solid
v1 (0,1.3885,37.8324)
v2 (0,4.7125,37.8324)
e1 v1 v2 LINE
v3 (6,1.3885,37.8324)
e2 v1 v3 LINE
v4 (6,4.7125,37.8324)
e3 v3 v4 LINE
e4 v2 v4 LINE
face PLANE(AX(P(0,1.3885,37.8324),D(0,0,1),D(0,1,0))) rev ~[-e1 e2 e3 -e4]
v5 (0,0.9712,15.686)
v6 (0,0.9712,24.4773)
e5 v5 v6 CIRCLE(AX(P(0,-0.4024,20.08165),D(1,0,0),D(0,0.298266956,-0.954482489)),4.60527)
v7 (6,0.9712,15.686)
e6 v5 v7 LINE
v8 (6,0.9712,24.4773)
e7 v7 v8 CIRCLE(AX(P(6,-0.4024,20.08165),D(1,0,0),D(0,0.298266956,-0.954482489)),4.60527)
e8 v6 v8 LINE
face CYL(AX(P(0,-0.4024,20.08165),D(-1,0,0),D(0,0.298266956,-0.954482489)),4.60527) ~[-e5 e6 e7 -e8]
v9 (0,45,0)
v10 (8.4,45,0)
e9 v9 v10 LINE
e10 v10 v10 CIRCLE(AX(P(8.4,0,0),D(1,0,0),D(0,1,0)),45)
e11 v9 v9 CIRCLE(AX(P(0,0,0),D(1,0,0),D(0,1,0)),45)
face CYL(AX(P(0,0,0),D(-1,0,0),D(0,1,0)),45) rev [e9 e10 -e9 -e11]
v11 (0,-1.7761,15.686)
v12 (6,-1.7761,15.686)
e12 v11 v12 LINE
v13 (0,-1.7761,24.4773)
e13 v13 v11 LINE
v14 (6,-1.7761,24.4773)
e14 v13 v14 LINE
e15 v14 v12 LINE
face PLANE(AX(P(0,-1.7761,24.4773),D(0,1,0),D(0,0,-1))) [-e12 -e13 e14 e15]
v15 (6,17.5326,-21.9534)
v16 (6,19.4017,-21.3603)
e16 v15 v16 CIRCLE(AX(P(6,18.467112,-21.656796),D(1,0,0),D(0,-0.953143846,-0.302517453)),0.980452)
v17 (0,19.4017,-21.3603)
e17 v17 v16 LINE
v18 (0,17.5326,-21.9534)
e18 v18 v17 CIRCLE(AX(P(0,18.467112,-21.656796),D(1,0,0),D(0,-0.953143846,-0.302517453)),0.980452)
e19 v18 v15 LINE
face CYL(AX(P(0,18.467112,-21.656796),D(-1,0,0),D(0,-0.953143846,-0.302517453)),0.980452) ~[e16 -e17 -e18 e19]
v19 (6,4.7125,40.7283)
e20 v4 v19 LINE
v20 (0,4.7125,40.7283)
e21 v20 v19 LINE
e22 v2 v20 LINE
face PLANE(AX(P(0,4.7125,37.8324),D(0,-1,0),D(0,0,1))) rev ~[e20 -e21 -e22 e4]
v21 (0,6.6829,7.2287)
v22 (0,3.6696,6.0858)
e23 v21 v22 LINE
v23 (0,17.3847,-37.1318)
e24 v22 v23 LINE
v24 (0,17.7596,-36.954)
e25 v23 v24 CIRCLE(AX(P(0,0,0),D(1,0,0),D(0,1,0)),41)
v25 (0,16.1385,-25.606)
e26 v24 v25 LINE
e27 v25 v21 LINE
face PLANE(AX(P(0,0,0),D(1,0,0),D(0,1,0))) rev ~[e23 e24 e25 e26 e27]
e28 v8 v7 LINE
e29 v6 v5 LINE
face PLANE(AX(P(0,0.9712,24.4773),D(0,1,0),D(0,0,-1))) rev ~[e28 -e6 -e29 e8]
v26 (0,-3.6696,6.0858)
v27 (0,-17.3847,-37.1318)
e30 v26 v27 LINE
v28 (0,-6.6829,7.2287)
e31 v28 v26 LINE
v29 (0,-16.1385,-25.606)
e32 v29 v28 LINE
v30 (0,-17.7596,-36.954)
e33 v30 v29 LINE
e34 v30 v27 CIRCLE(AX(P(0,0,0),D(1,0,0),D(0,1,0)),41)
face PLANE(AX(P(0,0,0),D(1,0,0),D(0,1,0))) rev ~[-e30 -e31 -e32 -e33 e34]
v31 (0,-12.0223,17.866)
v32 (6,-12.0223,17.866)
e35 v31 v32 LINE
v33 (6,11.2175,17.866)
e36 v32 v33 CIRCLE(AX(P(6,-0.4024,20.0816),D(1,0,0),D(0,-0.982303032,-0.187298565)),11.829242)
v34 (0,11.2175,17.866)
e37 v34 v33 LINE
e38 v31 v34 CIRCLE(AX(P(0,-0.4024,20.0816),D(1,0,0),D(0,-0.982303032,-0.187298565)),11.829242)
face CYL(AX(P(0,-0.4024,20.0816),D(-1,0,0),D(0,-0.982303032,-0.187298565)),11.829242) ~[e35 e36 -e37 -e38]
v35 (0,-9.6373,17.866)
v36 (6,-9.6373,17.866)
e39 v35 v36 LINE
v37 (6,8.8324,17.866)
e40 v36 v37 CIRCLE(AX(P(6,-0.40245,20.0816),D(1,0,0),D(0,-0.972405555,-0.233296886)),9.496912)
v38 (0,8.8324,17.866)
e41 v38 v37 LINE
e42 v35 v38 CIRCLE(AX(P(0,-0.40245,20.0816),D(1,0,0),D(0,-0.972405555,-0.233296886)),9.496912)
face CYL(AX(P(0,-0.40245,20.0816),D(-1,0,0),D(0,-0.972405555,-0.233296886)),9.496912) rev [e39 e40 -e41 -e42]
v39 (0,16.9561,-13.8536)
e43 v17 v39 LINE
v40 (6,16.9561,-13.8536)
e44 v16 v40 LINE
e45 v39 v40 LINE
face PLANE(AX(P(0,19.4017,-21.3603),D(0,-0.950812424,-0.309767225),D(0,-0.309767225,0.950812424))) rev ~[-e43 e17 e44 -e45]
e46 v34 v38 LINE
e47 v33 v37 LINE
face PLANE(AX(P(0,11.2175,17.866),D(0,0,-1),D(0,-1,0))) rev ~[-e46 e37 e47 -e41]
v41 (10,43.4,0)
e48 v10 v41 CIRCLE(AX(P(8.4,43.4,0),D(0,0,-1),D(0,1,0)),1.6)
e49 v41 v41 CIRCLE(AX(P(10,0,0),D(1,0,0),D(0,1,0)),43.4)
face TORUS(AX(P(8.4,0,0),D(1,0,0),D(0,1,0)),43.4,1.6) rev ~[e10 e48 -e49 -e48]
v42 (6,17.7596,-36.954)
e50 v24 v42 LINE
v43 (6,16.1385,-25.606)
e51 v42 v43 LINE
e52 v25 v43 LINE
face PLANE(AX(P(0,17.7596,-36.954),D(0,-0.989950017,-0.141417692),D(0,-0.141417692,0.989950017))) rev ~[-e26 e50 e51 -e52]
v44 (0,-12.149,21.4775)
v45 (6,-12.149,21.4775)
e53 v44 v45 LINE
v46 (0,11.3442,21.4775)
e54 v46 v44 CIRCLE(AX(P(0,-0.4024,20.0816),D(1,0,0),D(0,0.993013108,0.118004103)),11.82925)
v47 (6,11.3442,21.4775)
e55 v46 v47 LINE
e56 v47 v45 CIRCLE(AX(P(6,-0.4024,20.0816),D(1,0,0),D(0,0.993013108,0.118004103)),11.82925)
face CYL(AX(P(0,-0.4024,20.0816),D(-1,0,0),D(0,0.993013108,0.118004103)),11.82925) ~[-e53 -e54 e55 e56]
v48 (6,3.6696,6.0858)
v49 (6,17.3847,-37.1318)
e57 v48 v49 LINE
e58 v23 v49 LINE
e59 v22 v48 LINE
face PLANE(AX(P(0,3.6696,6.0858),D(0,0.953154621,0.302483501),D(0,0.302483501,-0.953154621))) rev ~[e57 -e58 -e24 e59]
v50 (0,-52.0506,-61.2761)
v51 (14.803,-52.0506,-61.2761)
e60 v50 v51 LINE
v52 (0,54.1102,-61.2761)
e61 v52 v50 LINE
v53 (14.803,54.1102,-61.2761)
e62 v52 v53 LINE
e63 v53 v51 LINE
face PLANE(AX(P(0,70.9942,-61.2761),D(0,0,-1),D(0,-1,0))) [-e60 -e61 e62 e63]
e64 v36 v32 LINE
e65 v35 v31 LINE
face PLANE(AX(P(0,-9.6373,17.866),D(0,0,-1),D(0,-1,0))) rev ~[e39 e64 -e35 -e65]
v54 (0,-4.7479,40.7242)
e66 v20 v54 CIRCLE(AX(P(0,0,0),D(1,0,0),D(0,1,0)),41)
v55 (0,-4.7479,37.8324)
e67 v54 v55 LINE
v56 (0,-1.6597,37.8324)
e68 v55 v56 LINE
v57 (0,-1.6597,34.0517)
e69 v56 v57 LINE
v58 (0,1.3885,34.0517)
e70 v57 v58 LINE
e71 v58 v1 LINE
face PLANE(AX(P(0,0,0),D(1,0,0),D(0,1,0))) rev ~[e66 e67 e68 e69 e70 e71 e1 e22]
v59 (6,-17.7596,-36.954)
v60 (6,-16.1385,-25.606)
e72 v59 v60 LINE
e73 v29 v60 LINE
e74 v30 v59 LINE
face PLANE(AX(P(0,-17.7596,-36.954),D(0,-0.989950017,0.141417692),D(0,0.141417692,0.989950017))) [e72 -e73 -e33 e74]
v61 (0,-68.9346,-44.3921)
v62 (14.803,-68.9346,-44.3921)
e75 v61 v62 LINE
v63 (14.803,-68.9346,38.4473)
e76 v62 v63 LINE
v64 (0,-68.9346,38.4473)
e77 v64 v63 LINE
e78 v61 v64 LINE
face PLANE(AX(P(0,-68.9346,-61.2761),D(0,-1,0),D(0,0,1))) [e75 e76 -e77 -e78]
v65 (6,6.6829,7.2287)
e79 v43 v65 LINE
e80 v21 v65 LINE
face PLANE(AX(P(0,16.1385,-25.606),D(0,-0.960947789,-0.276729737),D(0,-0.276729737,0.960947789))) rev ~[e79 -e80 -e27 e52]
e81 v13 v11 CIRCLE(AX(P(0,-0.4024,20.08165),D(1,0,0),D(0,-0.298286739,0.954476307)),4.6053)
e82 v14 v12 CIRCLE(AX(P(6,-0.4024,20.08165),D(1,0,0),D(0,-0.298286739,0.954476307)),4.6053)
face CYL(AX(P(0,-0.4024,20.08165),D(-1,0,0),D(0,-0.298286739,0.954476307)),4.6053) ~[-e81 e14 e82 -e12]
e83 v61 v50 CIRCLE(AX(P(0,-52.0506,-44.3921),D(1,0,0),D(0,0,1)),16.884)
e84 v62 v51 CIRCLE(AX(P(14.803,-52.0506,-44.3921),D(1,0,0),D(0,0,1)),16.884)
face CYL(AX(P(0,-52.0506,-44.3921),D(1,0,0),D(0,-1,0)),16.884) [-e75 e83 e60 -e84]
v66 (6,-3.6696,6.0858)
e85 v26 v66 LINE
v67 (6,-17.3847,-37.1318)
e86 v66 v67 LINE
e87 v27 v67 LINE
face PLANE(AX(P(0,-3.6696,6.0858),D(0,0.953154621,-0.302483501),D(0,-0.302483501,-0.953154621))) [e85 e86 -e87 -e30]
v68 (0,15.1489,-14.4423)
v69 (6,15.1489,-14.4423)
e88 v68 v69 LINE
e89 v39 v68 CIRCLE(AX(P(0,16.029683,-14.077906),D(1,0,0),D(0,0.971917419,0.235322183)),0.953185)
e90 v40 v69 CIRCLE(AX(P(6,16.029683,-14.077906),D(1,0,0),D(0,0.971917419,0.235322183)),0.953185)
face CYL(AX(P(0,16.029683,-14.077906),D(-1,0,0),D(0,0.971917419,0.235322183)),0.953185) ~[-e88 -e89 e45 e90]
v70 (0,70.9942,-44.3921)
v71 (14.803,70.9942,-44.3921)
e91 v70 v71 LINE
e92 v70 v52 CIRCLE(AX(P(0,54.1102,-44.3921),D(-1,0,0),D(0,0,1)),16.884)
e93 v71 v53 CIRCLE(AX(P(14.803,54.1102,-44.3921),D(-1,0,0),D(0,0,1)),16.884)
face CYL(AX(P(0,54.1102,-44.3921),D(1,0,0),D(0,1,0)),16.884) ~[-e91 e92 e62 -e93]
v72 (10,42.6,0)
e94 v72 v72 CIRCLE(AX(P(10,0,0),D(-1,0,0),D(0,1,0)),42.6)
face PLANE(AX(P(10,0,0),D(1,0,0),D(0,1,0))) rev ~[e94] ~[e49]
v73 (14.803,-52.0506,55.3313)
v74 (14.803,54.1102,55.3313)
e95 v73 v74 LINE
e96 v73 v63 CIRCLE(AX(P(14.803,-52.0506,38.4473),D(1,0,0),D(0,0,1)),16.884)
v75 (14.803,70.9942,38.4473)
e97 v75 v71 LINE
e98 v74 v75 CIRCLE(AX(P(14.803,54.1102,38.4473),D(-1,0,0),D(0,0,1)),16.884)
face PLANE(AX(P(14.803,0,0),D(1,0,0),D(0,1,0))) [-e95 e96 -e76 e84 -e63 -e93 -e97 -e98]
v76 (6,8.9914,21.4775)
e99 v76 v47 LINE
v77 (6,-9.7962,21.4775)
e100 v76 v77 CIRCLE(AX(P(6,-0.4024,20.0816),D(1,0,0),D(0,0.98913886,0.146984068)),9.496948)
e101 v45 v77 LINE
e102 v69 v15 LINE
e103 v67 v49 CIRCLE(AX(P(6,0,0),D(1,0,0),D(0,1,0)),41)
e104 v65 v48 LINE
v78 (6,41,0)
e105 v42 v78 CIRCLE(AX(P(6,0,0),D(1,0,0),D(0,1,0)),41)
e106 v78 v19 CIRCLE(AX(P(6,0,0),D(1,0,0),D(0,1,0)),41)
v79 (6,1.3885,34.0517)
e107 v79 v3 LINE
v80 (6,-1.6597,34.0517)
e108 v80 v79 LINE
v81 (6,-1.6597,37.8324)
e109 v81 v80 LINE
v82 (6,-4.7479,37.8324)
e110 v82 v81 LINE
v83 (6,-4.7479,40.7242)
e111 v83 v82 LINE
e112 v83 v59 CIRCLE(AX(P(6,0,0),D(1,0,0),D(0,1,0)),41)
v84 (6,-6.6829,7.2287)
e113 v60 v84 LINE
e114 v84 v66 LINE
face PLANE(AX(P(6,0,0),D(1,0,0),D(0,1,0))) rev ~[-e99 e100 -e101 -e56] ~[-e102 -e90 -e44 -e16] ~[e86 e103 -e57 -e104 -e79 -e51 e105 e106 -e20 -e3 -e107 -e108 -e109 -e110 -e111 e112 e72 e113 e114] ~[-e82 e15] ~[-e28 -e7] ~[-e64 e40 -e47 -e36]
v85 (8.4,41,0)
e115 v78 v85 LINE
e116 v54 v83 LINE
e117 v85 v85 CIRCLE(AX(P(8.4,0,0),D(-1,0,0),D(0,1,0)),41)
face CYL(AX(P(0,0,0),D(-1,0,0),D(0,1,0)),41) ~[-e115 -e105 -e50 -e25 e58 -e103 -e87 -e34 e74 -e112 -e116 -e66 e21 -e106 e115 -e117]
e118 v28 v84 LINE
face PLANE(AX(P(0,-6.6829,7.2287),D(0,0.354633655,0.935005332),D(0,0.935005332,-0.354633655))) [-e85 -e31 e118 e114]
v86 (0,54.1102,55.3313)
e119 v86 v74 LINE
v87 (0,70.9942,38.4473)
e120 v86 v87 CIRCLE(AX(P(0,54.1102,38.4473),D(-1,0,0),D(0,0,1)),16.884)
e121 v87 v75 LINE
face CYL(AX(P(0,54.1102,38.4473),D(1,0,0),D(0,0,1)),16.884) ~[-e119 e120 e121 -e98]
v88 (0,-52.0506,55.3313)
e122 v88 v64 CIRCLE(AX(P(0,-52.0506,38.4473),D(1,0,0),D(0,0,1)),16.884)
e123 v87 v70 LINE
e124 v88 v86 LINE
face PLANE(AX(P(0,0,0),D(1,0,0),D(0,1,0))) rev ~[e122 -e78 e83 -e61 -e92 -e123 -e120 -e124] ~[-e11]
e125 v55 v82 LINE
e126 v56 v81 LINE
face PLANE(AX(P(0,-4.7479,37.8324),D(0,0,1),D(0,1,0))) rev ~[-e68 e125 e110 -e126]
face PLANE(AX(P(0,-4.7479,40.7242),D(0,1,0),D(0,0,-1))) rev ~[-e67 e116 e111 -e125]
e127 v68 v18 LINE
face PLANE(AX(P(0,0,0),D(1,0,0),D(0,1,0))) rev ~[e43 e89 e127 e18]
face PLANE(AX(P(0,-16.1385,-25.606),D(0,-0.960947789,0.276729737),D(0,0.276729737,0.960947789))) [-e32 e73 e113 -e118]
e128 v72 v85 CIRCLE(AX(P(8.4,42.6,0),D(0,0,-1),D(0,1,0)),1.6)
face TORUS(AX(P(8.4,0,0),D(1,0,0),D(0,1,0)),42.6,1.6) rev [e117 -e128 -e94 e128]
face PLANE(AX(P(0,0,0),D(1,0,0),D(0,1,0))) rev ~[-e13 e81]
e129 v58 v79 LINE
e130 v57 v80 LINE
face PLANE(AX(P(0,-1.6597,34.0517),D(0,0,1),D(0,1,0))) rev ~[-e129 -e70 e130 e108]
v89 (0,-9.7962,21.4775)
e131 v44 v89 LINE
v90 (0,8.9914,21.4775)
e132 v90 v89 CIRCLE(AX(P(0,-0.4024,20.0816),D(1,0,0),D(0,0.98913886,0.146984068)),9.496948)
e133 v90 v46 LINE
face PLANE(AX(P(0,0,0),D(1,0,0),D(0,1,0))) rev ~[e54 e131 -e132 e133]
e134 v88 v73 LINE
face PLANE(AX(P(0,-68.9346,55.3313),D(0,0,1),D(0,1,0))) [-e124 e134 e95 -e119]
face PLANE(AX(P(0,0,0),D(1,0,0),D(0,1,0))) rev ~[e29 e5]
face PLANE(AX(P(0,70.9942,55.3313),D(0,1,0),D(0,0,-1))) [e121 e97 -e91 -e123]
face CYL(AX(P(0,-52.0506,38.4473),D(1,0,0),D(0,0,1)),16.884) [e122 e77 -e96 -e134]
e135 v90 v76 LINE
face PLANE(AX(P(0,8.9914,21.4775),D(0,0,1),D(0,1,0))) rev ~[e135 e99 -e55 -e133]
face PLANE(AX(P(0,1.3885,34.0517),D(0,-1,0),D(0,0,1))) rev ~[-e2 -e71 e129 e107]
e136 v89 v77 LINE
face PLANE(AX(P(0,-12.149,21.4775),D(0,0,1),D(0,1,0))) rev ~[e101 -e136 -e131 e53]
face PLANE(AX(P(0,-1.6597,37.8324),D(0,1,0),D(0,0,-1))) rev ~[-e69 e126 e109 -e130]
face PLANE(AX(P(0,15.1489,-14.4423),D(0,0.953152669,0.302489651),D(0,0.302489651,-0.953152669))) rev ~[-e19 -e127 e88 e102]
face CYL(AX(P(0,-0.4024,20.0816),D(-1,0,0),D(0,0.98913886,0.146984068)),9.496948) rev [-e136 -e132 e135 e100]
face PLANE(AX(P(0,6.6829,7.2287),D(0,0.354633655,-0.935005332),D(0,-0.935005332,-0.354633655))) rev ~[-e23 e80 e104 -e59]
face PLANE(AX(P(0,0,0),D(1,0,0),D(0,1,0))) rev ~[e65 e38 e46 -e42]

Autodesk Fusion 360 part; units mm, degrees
sketch "Sketch1" plane through (0, 0, 0) normal (1, 0, 0) x (0, 1, 0)
  circle A0 centre (0, 0) radius 45
  line L0 (-1.7761, 24.4773) -> (-1.7761, 15.686)
  line L1 (0.9712, 24.4773) -> (0.9712, 15.686)
  line L2 (-4.7479, 40.7242) -> (-4.7479, 37.8324)
  line L3 (-4.7479, 37.8324) -> (-1.6597, 37.8324)
  line L4 (-1.6597, 37.8324) -> (-1.6597, 34.0517)
  line L5 (-1.6597, 34.0517) -> (1.3885, 34.0517)
  line L6 (1.3885, 34.0517) -> (1.3885, 37.8324)
  line L7 (1.3885, 37.8324) -> (4.7125, 37.8324)
  line L8 (4.7125, 37.8324) -> (4.7125, 40.7283)
  line L9 (-6.6829, 7.2287) -> (-3.6696, 6.0858)
  line L10 (-3.6696, 6.0858) -> (-17.3847, -37.1318)
  line L11 (-17.7596, -36.954) -> (-16.1385, -25.606)
  line L12 (-16.1385, -25.606) -> (-6.6829, 7.2287)
  line L13 (0, 0) -> (0, -12.4098) construction
  line L14 (16.1385, -25.606) -> (6.6829, 7.2287)
  line L15 (3.6696, 6.0858) -> (17.3847, -37.1318)
  line L16 (6.6829, 7.2287) -> (3.6696, 6.0858)
  line L17 (17.7596, -36.954) -> (16.1385, -25.606)
  line L18 (15.1489, -14.4423) -> (17.5326, -21.9534)
  line L19 (19.4017, -21.3603) -> (16.9104, -13.7134)
  arc A1 (16.9561, -13.8536) -> (15.1489, -14.4423) centre (16.0297, -14.0779) ccw
  arc A2 (17.5326, -21.9534) -> (19.397, -21.346) centre (18.4671, -21.6568) ccw
  arc A3 (-9.6373, 17.866) -> (8.8324, 17.866) centre (-0.4024, 20.0816) ccw
  arc A4 (8.9914, 21.4775) -> (-9.7962, 21.4775) centre (-0.4024, 20.0816) ccw
  arc A5 (-12.0223, 17.866) -> (11.2175, 17.866) centre (-0.4024, 20.0816) ccw
  arc A6 (11.3442, 21.4775) -> (-12.149, 21.4775) centre (-0.4024, 20.0816) ccw
  line L20 (-12.149, 21.4775) -> (-9.7962, 21.4775)
  line L21 (-9.6373, 17.866) -> (-12.0223, 17.866)
  line L22 (11.2175, 17.866) -> (8.8324, 17.866)
  line L23 (8.9914, 21.4775) -> (11.3442, 21.4775)
  arc A7 (-1.7761, 24.4773) -> (-1.7761, 15.686) centre (-0.4024, 20.0816) ccw
  arc A8 (0.9712, 15.686) -> (0.9712, 24.4773) centre (-0.4024, 20.0816) ccw
  circle A9 centre (0, 0) radius 41
  dimension "d1" = 90
  dimension "d2" = 82
extrude "Extrude1" add sketch "Sketch1" along normal blind 10 contours A0 makes body 1
extrude "Extrude2" add sketch "Sketch1" along normal blind 6 contours L2 L3 L4 L5 L6 L7 L8 L9 L10 L11 L12 L14 L15 L16 L17 A9 bodies 1
fillet "Fillet1" radius 1.6 2 edges at (10, -38.2254, 14.8262) (10, -41.9547, -16.2727) on bodies 1
sketch "Sketch2" plane through (0, 0, 0) normal (1, 0, 0) x (0, 1, 0)
  line L0 (-68.9346, 55.3313) -> (70.9942, 55.3313)
  line L1 (70.9942, 55.3313) -> (70.9942, -61.2761)
  line L2 (70.9942, -61.2761) -> (-68.9346, -61.2761)
  line L3 (-68.9346, -61.2761) -> (-68.9346, 55.3313)
extrude "Extrude3" add sketch "Sketch2" along normal blind 14.803 separate body makes body 2
combine "Combine1" operation cut target body 2 tool bodies 1
fillet "Fillet2" radius 16.884 4 edges at (7.4015, 70.9942, -61.2761) (7.4015, 70.9942, 55.3313) (7.4015, -68.9346, -61.2761) (7.4015, -68.9346, 55.3313) on bodies 2
